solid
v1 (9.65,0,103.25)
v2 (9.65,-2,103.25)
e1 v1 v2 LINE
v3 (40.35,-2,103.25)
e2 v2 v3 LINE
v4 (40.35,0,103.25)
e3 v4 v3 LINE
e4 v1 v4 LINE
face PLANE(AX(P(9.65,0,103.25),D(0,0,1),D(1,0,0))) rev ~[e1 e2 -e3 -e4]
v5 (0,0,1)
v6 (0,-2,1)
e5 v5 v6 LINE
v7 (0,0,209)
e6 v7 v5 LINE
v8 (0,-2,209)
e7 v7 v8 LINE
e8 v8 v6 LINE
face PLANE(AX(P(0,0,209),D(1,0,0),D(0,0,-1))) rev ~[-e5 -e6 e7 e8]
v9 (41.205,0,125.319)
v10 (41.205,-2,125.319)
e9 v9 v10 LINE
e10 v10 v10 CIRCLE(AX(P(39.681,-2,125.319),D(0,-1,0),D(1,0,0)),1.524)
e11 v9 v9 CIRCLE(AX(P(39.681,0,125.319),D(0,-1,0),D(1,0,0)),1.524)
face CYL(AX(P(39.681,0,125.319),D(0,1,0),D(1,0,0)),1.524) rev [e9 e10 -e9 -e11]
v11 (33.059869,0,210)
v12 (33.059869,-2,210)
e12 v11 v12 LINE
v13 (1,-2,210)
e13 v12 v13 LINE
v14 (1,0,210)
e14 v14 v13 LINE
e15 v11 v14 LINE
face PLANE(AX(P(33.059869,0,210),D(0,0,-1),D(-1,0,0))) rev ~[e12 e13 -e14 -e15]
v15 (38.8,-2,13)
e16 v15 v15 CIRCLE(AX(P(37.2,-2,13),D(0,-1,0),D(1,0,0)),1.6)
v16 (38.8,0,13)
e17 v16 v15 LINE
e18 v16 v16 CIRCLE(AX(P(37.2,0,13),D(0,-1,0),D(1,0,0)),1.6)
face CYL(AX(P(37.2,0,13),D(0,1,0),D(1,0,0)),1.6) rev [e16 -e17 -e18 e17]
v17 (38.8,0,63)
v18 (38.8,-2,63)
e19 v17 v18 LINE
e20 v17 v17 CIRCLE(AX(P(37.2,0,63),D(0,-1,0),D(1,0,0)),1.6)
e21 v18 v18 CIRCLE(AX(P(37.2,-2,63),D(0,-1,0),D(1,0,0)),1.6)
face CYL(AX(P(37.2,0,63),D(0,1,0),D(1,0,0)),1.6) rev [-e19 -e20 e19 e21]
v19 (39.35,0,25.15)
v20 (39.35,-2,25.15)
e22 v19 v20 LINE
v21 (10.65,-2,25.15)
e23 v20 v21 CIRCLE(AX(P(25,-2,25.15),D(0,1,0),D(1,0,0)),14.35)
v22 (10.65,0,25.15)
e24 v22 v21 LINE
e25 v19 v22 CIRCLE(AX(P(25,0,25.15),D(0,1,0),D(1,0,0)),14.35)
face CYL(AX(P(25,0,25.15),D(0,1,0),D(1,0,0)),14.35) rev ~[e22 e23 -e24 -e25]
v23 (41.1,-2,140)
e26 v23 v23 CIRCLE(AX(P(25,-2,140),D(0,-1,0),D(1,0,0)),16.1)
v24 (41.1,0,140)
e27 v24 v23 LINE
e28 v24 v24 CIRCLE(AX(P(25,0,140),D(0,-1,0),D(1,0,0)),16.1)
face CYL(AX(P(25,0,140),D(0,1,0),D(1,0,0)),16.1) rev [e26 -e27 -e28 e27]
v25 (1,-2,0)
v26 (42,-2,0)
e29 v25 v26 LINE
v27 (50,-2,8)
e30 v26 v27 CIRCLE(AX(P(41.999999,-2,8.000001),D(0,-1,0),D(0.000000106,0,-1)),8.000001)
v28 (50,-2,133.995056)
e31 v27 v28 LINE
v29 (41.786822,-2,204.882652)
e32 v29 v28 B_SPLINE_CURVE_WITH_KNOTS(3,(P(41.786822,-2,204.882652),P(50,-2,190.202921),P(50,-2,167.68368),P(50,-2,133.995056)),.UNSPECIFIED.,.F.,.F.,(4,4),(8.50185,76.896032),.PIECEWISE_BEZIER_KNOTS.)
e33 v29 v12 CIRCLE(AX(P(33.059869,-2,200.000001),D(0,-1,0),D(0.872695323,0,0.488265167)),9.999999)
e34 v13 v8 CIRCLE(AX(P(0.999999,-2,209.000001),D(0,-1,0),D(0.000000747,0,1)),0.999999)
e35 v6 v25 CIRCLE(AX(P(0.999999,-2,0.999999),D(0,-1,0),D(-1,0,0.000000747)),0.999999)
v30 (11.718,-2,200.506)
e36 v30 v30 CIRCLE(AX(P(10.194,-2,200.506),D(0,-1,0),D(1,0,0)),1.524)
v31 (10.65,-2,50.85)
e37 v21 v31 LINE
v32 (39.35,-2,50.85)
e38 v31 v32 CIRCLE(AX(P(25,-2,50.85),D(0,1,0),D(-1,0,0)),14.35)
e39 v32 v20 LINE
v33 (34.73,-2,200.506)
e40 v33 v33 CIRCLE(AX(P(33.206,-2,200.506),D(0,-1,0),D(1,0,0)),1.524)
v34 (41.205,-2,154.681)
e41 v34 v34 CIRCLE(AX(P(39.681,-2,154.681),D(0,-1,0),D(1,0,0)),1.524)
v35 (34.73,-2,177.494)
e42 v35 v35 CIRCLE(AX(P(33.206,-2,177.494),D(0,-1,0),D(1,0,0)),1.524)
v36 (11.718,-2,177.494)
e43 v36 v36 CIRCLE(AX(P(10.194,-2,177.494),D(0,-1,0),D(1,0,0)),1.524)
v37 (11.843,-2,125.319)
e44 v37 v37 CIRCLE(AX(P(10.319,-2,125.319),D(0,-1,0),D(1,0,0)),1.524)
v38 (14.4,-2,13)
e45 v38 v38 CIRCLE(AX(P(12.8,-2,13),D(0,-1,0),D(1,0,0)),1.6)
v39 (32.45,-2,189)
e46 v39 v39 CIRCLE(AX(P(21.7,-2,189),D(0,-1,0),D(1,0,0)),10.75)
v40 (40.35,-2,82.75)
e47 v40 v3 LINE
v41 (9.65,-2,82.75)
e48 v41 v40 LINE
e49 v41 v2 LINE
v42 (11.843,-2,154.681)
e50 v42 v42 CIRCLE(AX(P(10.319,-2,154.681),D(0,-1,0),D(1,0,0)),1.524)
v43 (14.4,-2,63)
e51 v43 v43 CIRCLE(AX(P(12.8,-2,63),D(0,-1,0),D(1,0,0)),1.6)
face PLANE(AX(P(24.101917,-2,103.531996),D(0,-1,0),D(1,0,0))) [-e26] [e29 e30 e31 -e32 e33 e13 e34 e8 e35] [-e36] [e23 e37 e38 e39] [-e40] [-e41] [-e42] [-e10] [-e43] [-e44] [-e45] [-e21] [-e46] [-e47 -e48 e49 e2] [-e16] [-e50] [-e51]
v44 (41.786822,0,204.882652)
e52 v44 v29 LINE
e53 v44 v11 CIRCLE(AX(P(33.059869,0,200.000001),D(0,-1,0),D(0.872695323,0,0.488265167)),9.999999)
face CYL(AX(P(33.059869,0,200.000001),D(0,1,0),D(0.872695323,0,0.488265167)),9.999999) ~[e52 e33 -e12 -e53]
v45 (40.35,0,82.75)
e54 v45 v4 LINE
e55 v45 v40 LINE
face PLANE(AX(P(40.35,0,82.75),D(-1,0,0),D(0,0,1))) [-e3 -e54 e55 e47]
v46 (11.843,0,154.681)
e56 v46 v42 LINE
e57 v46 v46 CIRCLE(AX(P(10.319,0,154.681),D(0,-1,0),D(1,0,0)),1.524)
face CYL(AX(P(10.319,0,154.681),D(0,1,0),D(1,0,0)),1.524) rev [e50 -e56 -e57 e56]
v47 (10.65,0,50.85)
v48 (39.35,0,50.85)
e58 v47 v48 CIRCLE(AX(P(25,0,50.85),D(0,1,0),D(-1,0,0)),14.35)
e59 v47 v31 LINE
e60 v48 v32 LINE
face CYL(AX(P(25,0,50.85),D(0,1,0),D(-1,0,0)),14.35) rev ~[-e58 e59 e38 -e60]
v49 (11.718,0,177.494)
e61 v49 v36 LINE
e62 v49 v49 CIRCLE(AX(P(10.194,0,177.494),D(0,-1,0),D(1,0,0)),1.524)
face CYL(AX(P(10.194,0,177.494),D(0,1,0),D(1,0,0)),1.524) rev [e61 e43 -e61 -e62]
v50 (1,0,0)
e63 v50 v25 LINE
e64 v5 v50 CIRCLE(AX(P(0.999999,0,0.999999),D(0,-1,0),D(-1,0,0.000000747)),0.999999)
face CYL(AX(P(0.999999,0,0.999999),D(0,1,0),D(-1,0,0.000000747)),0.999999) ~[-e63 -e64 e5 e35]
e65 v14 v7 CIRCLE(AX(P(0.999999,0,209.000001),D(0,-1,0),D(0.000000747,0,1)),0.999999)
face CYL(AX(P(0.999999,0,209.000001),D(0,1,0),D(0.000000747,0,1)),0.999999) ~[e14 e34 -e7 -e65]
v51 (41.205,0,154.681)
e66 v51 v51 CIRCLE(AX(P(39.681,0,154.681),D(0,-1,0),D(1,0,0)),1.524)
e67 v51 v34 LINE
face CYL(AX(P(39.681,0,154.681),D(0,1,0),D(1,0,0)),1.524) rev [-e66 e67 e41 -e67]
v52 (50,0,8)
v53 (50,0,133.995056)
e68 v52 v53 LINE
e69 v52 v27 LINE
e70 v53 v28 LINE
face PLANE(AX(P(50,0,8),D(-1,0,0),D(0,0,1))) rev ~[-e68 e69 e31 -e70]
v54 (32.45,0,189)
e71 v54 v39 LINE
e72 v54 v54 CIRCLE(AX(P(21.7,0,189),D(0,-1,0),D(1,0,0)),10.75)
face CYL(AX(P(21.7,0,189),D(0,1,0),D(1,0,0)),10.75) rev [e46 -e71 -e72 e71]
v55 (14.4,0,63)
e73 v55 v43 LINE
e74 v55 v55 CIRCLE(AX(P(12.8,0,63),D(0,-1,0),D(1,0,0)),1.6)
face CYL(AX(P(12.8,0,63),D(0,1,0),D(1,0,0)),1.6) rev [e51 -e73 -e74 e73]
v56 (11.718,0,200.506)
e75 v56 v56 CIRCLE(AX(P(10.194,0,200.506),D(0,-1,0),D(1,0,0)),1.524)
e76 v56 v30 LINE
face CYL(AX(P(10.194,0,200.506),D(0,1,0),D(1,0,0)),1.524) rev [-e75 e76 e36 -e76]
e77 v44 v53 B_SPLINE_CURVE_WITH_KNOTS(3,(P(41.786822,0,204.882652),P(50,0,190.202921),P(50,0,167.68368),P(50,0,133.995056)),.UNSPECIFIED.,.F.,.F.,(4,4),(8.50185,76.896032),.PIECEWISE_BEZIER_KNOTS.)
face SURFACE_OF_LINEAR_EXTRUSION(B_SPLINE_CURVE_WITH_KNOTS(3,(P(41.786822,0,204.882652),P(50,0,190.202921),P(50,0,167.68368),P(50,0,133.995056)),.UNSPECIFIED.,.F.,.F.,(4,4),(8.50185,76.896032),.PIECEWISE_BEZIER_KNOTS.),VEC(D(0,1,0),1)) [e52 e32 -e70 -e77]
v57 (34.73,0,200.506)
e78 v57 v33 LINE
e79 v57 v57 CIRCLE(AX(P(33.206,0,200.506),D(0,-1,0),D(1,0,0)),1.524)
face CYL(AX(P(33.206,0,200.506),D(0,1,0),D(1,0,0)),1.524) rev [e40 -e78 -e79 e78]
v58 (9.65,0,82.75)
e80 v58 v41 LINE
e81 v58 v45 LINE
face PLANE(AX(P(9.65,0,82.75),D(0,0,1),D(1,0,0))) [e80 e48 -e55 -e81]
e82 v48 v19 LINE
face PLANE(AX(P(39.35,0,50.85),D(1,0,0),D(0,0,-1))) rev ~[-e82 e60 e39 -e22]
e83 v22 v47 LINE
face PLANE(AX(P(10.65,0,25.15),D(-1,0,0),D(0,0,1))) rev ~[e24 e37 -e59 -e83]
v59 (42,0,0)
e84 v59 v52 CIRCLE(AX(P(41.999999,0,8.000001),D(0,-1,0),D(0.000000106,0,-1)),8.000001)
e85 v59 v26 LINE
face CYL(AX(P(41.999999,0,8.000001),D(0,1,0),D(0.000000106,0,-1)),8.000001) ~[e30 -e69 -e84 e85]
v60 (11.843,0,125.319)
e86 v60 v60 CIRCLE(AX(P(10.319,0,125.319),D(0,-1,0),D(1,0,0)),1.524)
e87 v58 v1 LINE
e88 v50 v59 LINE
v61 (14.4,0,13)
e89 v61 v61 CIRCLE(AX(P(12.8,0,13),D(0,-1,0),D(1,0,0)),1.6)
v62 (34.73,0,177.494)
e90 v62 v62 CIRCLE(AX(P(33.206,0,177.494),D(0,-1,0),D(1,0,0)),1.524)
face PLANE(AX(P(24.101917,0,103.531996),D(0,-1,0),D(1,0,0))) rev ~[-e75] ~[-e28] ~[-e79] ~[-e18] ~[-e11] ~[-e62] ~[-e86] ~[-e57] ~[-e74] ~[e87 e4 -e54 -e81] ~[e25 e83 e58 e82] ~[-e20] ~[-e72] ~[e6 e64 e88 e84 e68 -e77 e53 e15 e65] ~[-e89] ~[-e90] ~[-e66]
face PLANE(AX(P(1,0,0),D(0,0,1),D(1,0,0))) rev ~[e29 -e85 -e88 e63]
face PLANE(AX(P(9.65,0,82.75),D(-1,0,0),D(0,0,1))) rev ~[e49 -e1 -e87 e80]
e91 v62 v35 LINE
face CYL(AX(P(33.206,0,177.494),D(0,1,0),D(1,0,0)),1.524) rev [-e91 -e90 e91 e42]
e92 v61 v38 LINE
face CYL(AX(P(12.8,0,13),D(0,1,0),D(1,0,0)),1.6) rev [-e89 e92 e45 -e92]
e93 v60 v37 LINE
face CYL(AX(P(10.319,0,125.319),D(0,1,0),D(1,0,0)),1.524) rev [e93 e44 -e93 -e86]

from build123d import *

# Parameters (mm, degrees)
F0_R     = 1.6
F0_W     = 30.7
F0_H     = 20.5
F0_R_2   = 1.524
F0_R_3   = 16.1
F0_R_4   = 10.75
F1_DEPTH = 2


with BuildPart() as f1:
    # F0 (on Front) → F1 (new body)
    with BuildSketch(Plane.XZ):
        with BuildLine():
            ThreePointArc((0, 1), (0.292893, 0.292893), (1, 0))
            Line((1, 0), (42, 0))
            ThreePointArc((42, 0), (47.656854, 2.343146), (50, 8))
            Line((50, 8), (50, 133.995056))
            add(Edge.make_bspline(
                [(41.786822, 204.882652), (50, 190.202921), (50, 167.68368), (50, 133.995056)],
                knots=[8.50185, 8.50185, 8.50185, 8.50185, 76.896032, 76.896032, 76.896032, 76.896032], degree=3))
            ThreePointArc((41.786822, 204.882652), (38.118203, 208.626312), (33.059869, 210))
            Line((33.059869, 210), (1, 210))
            ThreePointArc((1, 210), (0.292893, 209.707107), (0, 209))
            Line((0, 209), (0, 1))
        make_face()
        with Locations((12.8, 13)):
            Circle(F0_R, mode=Mode.SUBTRACT)
        with BuildLine():
            ThreePointArc((39.35, 25.15), (25, 10.8), (10.65, 25.15))
            Line((10.65, 25.15), (10.65, 50.85))
            ThreePointArc((10.65, 50.85), (25, 65.2), (39.35, 50.85))
            Line((39.35, 50.85), (39.35, 25.15))
        make_face(mode=Mode.SUBTRACT)
        with Locations((12.8, 63)):
            Circle(F0_R, mode=Mode.SUBTRACT)
        with Locations((25, 93)):
            Rectangle(F0_W, F0_H, mode=Mode.SUBTRACT)
        with Locations((37.2, 13)):
            Circle(F0_R, mode=Mode.SUBTRACT)
        with Locations((37.2, 63)):
            Circle(F0_R, mode=Mode.SUBTRACT)
        with Locations((10.319, 125.319)):
            Circle(F0_R_2, mode=Mode.SUBTRACT)
        with Locations((10.319, 154.681)):
            Circle(F0_R_2, mode=Mode.SUBTRACT)
        with Locations((25, 140)):
            Circle(F0_R_3, mode=Mode.SUBTRACT)
        with Locations((10.194, 177.494)):
            Circle(F0_R_2, mode=Mode.SUBTRACT)
        with Locations((10.194, 200.506)):
            Circle(F0_R_2, mode=Mode.SUBTRACT)
        with Locations((21.7, 189)):
            Circle(F0_R_4, mode=Mode.SUBTRACT)
        with Locations((39.681, 125.319)):
            Circle(F0_R_2, mode=Mode.SUBTRACT)
        with Locations((39.681, 154.681)):
            Circle(F0_R_2, mode=Mode.SUBTRACT)
        with Locations((33.206, 177.494)):
            Circle(F0_R_2, mode=Mode.SUBTRACT)
        with Locations((33.206, 200.506)):
            Circle(F0_R_2, mode=Mode.SUBTRACT)
    extrude(amount=F1_DEPTH)


solid = f1.part
